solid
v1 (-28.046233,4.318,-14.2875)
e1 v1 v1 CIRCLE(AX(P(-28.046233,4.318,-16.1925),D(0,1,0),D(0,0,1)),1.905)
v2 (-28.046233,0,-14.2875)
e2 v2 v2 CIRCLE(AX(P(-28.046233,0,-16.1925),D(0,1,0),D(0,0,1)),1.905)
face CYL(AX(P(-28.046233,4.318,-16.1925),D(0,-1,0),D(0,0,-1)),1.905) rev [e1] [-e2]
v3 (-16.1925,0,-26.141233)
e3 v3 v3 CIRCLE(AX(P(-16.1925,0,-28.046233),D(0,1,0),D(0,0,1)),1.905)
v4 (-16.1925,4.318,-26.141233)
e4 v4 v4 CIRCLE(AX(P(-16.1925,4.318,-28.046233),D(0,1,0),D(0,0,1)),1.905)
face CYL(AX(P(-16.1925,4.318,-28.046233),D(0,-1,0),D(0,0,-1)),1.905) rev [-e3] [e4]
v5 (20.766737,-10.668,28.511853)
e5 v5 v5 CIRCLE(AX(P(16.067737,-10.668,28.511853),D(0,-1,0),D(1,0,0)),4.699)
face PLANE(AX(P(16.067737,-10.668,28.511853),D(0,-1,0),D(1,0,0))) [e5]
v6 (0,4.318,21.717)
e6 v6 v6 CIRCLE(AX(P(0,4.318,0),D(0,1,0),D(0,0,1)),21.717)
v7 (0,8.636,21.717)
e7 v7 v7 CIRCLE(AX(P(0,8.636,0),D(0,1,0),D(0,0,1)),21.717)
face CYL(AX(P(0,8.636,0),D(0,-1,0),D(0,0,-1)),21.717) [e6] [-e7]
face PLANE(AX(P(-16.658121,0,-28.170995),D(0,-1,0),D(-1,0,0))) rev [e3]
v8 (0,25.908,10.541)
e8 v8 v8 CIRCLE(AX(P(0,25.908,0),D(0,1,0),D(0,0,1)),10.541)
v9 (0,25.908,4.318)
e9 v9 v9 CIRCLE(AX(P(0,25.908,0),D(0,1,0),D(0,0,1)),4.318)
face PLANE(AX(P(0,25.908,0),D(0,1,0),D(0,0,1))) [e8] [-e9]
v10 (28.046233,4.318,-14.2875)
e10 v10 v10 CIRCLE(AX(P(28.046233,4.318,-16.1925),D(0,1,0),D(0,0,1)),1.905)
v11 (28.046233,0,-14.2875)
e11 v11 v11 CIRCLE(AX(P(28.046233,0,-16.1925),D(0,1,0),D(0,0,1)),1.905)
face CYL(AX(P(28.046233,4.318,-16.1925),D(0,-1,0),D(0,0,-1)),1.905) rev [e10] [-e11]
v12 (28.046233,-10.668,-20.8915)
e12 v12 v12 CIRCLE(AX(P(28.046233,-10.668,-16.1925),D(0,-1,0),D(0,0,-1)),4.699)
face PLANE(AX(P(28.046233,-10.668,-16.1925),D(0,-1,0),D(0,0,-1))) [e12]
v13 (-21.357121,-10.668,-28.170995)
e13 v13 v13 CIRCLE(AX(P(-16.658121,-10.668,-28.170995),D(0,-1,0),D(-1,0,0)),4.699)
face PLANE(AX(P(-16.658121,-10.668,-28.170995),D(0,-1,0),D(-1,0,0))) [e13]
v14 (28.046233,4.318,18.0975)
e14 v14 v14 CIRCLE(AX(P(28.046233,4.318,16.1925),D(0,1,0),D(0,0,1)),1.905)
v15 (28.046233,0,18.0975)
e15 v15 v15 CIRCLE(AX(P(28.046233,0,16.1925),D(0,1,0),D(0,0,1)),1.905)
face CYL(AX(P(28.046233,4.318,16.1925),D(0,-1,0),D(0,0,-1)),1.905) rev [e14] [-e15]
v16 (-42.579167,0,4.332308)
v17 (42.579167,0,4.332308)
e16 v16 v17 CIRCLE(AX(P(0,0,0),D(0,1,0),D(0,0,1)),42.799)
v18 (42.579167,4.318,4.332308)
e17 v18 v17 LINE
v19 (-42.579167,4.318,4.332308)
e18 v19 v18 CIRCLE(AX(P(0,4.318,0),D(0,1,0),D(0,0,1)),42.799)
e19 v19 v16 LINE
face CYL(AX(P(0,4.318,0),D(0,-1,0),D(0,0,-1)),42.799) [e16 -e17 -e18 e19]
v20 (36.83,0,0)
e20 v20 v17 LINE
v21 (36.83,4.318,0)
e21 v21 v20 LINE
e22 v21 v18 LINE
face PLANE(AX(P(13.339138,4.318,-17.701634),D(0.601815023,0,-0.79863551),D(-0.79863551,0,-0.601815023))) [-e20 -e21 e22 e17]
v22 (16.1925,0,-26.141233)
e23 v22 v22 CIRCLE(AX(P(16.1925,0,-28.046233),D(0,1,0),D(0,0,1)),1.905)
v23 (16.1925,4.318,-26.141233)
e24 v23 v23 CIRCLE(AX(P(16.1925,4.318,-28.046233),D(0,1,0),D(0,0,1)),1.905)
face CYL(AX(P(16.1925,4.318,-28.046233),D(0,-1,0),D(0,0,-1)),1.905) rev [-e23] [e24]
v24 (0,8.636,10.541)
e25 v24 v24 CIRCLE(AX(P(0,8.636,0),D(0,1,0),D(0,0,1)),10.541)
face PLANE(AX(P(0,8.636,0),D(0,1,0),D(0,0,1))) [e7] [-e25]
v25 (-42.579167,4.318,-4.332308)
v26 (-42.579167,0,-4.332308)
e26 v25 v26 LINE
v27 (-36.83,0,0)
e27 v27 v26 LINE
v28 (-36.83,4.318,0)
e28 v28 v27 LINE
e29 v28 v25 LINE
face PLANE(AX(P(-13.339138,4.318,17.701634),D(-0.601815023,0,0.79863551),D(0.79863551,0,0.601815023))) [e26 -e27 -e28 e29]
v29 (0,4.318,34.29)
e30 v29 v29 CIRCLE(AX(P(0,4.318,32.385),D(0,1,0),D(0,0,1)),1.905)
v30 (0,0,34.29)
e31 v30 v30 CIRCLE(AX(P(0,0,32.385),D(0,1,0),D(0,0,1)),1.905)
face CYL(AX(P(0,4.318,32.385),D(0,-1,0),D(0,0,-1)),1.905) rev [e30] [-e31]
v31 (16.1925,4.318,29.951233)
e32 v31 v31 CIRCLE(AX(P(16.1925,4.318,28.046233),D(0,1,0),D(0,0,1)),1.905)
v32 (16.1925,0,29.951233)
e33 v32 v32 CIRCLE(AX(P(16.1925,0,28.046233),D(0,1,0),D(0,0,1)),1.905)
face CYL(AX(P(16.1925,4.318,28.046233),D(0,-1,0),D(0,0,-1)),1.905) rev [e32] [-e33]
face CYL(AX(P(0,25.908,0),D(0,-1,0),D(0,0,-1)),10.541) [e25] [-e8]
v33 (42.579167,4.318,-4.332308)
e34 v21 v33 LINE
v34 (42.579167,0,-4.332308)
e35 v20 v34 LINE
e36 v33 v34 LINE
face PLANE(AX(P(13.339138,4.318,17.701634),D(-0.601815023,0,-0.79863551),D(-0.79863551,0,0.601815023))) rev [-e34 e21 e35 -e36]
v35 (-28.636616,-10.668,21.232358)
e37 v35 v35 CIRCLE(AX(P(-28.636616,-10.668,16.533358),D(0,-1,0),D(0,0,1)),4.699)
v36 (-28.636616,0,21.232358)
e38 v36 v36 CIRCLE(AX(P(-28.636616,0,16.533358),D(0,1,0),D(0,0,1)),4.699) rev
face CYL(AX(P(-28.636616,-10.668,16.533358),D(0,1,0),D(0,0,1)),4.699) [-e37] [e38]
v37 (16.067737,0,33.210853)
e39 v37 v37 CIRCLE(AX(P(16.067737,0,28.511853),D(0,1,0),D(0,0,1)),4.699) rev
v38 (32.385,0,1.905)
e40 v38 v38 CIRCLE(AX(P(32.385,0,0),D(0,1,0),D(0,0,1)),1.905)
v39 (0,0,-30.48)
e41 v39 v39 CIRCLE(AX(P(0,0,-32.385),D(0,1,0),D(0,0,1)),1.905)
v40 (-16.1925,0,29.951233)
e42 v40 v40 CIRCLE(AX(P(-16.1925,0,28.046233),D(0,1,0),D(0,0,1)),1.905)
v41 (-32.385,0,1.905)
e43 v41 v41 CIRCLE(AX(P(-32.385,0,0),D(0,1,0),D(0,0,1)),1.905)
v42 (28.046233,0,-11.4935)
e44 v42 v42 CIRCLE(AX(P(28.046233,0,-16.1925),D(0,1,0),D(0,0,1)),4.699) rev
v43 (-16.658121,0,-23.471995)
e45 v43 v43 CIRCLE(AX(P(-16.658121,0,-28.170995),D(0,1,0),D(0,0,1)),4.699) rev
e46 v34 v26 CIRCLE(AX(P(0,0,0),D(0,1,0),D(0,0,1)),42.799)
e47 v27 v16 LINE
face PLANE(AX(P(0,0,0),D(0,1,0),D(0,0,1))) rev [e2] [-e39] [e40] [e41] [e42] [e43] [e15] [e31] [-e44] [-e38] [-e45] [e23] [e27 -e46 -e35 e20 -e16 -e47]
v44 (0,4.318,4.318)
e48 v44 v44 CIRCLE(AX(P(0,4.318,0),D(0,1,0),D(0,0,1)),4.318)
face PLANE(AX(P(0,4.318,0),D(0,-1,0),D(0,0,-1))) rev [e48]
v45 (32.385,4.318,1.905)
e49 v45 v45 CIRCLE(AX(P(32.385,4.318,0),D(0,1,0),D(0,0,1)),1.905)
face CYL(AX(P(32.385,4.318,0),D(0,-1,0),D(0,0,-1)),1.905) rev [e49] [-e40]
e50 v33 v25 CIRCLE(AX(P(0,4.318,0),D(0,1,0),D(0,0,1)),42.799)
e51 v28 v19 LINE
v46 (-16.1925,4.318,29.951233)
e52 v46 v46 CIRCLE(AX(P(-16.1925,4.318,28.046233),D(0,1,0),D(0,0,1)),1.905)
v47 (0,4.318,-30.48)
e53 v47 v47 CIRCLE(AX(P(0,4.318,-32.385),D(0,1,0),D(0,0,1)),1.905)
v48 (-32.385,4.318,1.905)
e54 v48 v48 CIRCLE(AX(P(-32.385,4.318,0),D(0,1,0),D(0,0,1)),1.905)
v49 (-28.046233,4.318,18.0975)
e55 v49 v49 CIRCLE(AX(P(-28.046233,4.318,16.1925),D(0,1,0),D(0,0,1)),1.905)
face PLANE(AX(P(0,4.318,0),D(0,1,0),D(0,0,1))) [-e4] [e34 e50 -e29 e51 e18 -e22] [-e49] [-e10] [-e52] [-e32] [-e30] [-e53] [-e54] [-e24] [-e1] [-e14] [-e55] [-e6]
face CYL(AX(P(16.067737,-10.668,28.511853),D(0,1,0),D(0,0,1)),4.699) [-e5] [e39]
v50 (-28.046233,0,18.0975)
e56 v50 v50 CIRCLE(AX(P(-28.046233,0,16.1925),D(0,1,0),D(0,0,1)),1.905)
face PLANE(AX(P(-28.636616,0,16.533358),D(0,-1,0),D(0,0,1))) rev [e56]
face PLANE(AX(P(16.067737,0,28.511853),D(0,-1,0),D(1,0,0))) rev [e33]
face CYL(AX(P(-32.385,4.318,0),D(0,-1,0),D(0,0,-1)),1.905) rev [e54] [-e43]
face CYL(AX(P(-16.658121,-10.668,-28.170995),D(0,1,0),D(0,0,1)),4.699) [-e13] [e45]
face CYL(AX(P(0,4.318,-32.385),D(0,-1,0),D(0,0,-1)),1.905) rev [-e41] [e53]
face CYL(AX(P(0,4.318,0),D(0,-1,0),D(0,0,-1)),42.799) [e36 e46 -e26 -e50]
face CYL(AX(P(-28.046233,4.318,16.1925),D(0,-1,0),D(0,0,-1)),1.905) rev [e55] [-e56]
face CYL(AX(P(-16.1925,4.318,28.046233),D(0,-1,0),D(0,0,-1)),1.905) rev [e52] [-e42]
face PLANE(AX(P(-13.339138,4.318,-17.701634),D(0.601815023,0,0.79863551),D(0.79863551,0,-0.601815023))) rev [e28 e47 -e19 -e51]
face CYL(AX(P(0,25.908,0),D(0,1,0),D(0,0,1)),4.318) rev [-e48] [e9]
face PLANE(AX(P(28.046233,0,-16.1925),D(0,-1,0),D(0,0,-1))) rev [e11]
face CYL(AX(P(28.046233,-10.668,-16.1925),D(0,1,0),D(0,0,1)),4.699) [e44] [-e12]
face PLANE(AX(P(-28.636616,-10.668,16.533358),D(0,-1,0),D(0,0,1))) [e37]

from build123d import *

# Parameters (mm, degrees)
CROQUIS1_R              = 1.905
CROQUIS1_R_2            = 21.717
SALIENTE_EXTRUIR1_DEPTH = 4.318
CROQUIS1_3_R            = 21.717
CROQUIS1_3_R_2          = 10.541
SALIENTE_EXTRUIR2_DEPTH = 8.636
CROQUIS1_4_R            = 10.541
SALIENTE_EXTRUIR3_DEPTH = 25.908
TALADRO1_D              = 8.636
TALADRO1_DEPTH          = 21.59
CROQUIS5_R              = 4.699
SALIENTE_EXTRUIR4_DEPTH = 10.668
MATRIZC1_COUNT          = 4


with BuildPart() as part:
    # Croquis1 → Saliente-Extruir1 (new body)
    with BuildSketch(Plane(origin=(0, 0, 0), x_dir=(1, 0, 0), z_dir=(0, 1, 0))):
        with BuildLine():
            Line((-36.83, 0), (-42.579167494, -4.33230845))
            ThreePointArc((-42.579167494, -4.33230845), (0, -42.799), (42.579167494, -4.33230845))
            Line((42.579167494, -4.33230845), (36.83, 0))
            Line((36.83, 0), (42.579167494, 4.33230845))
            ThreePointArc((42.579167494, 4.33230845), (0, 42.799), (-42.579167494, 4.33230845))
            Line((-42.579167494, 4.33230845), (-36.83, 0))
        make_face()
        with Locations((32.385, 0)):
            Circle(CROQUIS1_R, mode=Mode.SUBTRACT)
        with Locations((28.046232702, 16.1925)):
            Circle(CROQUIS1_R, mode=Mode.SUBTRACT)
        with Locations((16.1925, 28.046232702)):
            Circle(CROQUIS1_R, mode=Mode.SUBTRACT)
        with Locations((0, 32.385)):
            Circle(CROQUIS1_R, mode=Mode.SUBTRACT)
        with Locations((-16.1925, 28.046232702)):
            Circle(CROQUIS1_R, mode=Mode.SUBTRACT)
        with Locations((-28.046232702, 16.1925)):
            Circle(CROQUIS1_R, mode=Mode.SUBTRACT)
        with Locations((-32.385, 0)):
            Circle(CROQUIS1_R, mode=Mode.SUBTRACT)
        with Locations((-28.046232702, -16.1925)):
            Circle(CROQUIS1_R, mode=Mode.SUBTRACT)
        with Locations((-16.1925, -28.046232702)):
            Circle(CROQUIS1_R, mode=Mode.SUBTRACT)
        with Locations((0, -32.385)):
            Circle(CROQUIS1_R, mode=Mode.SUBTRACT)
        with Locations((16.1925, -28.046232702)):
            Circle(CROQUIS1_R, mode=Mode.SUBTRACT)
        with Locations((28.046232702, -16.1925)):
            Circle(CROQUIS1_R, mode=Mode.SUBTRACT)
        Circle(CROQUIS1_R_2, mode=Mode.SUBTRACT)
    extrude(amount=SALIENTE_EXTRUIR1_DEPTH)

    # Croquis1<3> → Saliente-Extruir2 (add)
    with BuildSketch(Plane(origin=(0, 0, 0), x_dir=(1, 0, 0), z_dir=(0, 1, 0))):
        Circle(CROQUIS1_3_R)
        Circle(CROQUIS1_3_R_2, mode=Mode.SUBTRACT)
    extrude(amount=SALIENTE_EXTRUIR2_DEPTH)

    # Croquis1<4> → Saliente-Extruir3 (add)
    with BuildSketch(Plane(origin=(0, 0, 0), x_dir=(1, 0, 0), z_dir=(0, 1, 0))):
        Circle(CROQUIS1_4_R)
    extrude(amount=SALIENTE_EXTRUIR3_DEPTH)

    # Taladro1
    with Locations(Plane(origin=(0, 25.908, 0), x_dir=(1, 0, 0), z_dir=(0, 1, 0))):
        with Locations((0, 0)):
            Hole(TALADRO1_D / 2, depth=TALADRO1_DEPTH)

    # Croquis5 → Saliente-Extruir4 (add)
    with BuildSketch(Plane.XZ):
        with Locations((28.046232702, -16.1925)):
            Circle(CROQUIS5_R)
    saliente_extruir4 = extrude(amount=SALIENTE_EXTRUIR4_DEPTH)

    # MatrizC1: Saliente-Extruir4 ×4 about axis
    matrizc1_axis = Axis((-0.295191575, 0, 0.170428935), (0, 1, 0))
    for i in range(1, MATRIZC1_COUNT):
        add(saliente_extruir4.rotate(matrizc1_axis, i * 360 / MATRIZC1_COUNT))


solid = part.part
